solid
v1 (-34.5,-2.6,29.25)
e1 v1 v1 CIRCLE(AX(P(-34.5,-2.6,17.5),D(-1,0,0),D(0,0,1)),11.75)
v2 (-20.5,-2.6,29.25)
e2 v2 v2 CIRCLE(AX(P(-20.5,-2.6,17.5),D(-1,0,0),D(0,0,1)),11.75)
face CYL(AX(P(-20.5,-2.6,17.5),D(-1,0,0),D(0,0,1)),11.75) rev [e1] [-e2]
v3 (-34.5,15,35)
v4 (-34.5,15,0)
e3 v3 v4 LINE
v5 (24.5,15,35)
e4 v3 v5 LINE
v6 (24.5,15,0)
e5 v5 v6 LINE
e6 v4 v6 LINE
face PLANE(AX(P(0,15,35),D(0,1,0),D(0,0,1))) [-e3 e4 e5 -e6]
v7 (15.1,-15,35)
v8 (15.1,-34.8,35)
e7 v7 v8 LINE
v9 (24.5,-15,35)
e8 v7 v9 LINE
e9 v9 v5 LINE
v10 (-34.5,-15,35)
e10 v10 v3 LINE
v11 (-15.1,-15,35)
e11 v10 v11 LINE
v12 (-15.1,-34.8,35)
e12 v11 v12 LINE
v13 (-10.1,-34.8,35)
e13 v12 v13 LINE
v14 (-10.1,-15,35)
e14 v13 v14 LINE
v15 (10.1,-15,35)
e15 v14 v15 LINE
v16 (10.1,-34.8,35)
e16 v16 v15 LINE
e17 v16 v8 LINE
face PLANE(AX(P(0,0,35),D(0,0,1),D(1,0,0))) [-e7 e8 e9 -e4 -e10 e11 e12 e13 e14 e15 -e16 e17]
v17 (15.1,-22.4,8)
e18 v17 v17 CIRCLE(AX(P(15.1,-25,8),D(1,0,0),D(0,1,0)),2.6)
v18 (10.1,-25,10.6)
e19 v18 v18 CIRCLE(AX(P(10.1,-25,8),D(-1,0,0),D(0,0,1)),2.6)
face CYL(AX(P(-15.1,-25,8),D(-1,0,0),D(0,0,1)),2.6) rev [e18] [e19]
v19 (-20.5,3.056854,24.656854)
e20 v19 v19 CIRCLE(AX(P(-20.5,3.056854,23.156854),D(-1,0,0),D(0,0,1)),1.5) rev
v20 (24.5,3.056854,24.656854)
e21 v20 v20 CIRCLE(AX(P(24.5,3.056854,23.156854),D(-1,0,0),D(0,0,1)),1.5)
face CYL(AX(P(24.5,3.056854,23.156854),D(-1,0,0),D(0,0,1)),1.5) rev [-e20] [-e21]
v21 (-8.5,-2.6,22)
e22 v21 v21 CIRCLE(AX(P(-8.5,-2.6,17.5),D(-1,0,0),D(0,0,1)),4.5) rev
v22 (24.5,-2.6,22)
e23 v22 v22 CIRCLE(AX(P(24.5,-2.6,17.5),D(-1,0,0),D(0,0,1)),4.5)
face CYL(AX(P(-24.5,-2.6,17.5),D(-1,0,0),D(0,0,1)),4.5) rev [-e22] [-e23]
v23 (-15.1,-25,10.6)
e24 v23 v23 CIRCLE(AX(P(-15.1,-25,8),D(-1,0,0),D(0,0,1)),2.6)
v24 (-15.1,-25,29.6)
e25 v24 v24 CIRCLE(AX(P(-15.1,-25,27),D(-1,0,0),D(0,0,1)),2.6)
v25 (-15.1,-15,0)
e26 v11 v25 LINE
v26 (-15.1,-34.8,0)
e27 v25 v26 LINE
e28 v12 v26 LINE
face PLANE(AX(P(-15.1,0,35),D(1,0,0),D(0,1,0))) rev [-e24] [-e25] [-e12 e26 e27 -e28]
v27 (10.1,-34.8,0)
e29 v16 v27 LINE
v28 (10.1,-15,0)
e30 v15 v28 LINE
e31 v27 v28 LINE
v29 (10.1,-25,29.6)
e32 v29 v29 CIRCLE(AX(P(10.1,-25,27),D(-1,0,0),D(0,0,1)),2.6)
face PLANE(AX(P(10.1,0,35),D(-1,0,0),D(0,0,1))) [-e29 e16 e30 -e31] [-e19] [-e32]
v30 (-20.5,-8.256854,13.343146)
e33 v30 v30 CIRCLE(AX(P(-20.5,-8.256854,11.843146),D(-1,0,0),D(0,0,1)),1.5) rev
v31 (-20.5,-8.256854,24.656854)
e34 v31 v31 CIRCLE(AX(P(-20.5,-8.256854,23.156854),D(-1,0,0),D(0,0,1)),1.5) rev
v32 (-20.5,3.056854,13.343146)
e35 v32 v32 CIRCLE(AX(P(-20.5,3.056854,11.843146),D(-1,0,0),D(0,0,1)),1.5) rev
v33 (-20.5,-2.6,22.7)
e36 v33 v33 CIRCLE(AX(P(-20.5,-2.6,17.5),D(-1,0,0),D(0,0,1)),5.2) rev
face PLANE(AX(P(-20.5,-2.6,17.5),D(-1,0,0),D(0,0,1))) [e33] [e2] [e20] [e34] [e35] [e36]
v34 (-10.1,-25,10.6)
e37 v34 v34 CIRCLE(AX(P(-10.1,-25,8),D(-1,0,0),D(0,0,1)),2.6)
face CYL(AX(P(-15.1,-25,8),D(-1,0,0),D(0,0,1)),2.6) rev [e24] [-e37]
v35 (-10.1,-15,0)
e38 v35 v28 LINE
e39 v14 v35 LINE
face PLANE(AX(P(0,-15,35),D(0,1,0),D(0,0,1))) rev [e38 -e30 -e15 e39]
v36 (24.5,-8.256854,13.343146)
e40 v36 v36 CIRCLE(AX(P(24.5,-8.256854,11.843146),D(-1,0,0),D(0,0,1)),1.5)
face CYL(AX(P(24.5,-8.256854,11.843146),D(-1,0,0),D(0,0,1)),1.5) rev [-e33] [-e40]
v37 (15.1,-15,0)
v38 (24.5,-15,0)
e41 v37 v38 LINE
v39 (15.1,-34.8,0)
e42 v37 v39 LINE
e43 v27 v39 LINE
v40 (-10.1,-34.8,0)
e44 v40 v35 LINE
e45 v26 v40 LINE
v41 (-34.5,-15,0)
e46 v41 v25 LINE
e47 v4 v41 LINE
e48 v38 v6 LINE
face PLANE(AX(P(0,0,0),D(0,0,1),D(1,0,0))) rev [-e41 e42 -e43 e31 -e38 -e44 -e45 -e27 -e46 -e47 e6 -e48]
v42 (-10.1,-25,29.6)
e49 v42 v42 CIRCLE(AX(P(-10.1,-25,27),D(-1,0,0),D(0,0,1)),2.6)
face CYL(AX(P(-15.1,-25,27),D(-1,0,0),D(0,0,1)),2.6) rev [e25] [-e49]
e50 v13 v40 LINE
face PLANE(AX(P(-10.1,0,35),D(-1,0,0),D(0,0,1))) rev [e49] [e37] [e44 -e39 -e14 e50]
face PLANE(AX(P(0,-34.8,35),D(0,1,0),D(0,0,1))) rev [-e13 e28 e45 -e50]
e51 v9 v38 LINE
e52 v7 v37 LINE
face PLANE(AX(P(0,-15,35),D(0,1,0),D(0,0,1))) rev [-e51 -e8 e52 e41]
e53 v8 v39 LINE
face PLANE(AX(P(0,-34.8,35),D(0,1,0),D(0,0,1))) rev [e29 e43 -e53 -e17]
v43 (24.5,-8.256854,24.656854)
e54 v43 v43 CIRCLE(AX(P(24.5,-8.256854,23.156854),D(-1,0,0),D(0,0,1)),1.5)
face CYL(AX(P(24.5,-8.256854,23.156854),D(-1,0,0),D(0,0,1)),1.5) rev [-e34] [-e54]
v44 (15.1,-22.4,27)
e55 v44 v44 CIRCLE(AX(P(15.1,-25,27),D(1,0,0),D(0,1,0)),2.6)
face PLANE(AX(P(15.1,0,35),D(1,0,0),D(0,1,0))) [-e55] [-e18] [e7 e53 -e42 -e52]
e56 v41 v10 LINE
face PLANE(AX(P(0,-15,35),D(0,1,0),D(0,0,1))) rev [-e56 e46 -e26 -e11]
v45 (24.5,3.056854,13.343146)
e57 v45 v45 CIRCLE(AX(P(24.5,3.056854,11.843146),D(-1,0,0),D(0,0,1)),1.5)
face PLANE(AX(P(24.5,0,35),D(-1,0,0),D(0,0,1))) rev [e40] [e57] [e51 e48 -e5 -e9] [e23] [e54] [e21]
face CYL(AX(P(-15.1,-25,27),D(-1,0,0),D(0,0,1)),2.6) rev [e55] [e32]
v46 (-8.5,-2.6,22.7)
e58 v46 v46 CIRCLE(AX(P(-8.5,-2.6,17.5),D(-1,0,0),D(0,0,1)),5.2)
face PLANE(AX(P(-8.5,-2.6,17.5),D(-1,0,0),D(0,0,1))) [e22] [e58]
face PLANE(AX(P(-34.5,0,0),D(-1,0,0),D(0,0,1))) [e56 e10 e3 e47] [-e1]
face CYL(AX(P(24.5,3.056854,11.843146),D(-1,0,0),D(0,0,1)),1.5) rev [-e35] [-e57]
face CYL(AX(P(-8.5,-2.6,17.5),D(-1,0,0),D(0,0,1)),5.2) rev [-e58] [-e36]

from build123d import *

# Parameters (mm, degrees)
EXTRUDE_1_DEPTH     = 35
HOLE_WIZARD_1_D     = 9
SKETCH_12_R         = 1.5
CUT_EXTRUDE_1_DEPTH = 70.548831766
SKETCH_15_R         = 5.2
CUT_EXTRUDE_4_DEPTH = 16
SKETCH_14_R         = 11.75
CUT_EXTRUDE_3_DEPTH = 4
HOLE_WIZARD_2_D     = 5.2
HOLE_WIZARD_2_DEPTH = 100
EXTRUDE_START       = 10
SKETCH_18_W         = 35
SKETCH_18_H         = 30
SKETCH_18_R         = 11.75
EXTRUDE_2_DEPTH     = 10


with BuildPart() as part:
    # 草图1 → 凸台-拉伸1 (new body)
    with BuildSketch(Plane.XY):
        Polygon((15.1, -15), (15.1, -34.8), (10.1, -34.8), (10.1, -15), (-10.1, -15), (-10.1, -34.8), (-15.1, -34.8), (-15.1, -15), (-24.5, -15), (-24.5, 15), (24.5, 15), (24.5, -15), align=None)
    extrude(amount=EXTRUDE_1_DEPTH)

    # 孔1 (through all)
    with Locations(Plane.ZY.offset(24.5)):
        with Locations((17.5, -2.6)):
            Hole(HOLE_WIZARD_1_D / 2)

    # 草图12 → 切除-拉伸1 (cut, through all)
    with BuildSketch(Plane.ZY.offset(24.5)):
        with Locations((11.843145751, 3.056854249)):
            Circle(SKETCH_12_R)
        with Locations((23.156854249, 3.056854249)):
            Circle(SKETCH_12_R)
        with Locations((23.156854249, -8.256854249)):
            Circle(SKETCH_12_R)
        with Locations((11.843145751, -8.256854249)):
            Circle(SKETCH_12_R)
    extrude(amount=-CUT_EXTRUDE_1_DEPTH, mode=Mode.SUBTRACT)

    # 草图15 → 切除-拉伸4 (cut)
    with BuildSketch(Plane.ZY.offset(24.5)):
        with Locations((17.5, -2.6)):
            Circle(SKETCH_15_R)
    extrude(amount=-CUT_EXTRUDE_4_DEPTH, mode=Mode.SUBTRACT)

    # 草图14 → 切除-拉伸3 (cut)
    with BuildSketch(Plane.ZY.offset(24.5)):
        with Locations((17.5, -2.6)):
            Circle(SKETCH_14_R)
    extrude(amount=-CUT_EXTRUDE_3_DEPTH, mode=Mode.SUBTRACT)

    # 孔2
    with Locations(Plane.ZY.offset(15.1)):
        with Locations((8, -25), (27, -25)):
            Hole(HOLE_WIZARD_2_D / 2, depth=HOLE_WIZARD_2_DEPTH)

    # 草图18 → 凸台-拉伸2 (add)
    with BuildSketch(Plane.ZY.offset(24.5).offset(EXTRUDE_START)):
        with Locations((17.5, 0)):
            Rectangle(SKETCH_18_W, SKETCH_18_H)
        with Locations((17.5, -2.6)):
            Circle(SKETCH_18_R, mode=Mode.SUBTRACT)
    extrude(amount=-EXTRUDE_2_DEPTH)


solid = part.part
